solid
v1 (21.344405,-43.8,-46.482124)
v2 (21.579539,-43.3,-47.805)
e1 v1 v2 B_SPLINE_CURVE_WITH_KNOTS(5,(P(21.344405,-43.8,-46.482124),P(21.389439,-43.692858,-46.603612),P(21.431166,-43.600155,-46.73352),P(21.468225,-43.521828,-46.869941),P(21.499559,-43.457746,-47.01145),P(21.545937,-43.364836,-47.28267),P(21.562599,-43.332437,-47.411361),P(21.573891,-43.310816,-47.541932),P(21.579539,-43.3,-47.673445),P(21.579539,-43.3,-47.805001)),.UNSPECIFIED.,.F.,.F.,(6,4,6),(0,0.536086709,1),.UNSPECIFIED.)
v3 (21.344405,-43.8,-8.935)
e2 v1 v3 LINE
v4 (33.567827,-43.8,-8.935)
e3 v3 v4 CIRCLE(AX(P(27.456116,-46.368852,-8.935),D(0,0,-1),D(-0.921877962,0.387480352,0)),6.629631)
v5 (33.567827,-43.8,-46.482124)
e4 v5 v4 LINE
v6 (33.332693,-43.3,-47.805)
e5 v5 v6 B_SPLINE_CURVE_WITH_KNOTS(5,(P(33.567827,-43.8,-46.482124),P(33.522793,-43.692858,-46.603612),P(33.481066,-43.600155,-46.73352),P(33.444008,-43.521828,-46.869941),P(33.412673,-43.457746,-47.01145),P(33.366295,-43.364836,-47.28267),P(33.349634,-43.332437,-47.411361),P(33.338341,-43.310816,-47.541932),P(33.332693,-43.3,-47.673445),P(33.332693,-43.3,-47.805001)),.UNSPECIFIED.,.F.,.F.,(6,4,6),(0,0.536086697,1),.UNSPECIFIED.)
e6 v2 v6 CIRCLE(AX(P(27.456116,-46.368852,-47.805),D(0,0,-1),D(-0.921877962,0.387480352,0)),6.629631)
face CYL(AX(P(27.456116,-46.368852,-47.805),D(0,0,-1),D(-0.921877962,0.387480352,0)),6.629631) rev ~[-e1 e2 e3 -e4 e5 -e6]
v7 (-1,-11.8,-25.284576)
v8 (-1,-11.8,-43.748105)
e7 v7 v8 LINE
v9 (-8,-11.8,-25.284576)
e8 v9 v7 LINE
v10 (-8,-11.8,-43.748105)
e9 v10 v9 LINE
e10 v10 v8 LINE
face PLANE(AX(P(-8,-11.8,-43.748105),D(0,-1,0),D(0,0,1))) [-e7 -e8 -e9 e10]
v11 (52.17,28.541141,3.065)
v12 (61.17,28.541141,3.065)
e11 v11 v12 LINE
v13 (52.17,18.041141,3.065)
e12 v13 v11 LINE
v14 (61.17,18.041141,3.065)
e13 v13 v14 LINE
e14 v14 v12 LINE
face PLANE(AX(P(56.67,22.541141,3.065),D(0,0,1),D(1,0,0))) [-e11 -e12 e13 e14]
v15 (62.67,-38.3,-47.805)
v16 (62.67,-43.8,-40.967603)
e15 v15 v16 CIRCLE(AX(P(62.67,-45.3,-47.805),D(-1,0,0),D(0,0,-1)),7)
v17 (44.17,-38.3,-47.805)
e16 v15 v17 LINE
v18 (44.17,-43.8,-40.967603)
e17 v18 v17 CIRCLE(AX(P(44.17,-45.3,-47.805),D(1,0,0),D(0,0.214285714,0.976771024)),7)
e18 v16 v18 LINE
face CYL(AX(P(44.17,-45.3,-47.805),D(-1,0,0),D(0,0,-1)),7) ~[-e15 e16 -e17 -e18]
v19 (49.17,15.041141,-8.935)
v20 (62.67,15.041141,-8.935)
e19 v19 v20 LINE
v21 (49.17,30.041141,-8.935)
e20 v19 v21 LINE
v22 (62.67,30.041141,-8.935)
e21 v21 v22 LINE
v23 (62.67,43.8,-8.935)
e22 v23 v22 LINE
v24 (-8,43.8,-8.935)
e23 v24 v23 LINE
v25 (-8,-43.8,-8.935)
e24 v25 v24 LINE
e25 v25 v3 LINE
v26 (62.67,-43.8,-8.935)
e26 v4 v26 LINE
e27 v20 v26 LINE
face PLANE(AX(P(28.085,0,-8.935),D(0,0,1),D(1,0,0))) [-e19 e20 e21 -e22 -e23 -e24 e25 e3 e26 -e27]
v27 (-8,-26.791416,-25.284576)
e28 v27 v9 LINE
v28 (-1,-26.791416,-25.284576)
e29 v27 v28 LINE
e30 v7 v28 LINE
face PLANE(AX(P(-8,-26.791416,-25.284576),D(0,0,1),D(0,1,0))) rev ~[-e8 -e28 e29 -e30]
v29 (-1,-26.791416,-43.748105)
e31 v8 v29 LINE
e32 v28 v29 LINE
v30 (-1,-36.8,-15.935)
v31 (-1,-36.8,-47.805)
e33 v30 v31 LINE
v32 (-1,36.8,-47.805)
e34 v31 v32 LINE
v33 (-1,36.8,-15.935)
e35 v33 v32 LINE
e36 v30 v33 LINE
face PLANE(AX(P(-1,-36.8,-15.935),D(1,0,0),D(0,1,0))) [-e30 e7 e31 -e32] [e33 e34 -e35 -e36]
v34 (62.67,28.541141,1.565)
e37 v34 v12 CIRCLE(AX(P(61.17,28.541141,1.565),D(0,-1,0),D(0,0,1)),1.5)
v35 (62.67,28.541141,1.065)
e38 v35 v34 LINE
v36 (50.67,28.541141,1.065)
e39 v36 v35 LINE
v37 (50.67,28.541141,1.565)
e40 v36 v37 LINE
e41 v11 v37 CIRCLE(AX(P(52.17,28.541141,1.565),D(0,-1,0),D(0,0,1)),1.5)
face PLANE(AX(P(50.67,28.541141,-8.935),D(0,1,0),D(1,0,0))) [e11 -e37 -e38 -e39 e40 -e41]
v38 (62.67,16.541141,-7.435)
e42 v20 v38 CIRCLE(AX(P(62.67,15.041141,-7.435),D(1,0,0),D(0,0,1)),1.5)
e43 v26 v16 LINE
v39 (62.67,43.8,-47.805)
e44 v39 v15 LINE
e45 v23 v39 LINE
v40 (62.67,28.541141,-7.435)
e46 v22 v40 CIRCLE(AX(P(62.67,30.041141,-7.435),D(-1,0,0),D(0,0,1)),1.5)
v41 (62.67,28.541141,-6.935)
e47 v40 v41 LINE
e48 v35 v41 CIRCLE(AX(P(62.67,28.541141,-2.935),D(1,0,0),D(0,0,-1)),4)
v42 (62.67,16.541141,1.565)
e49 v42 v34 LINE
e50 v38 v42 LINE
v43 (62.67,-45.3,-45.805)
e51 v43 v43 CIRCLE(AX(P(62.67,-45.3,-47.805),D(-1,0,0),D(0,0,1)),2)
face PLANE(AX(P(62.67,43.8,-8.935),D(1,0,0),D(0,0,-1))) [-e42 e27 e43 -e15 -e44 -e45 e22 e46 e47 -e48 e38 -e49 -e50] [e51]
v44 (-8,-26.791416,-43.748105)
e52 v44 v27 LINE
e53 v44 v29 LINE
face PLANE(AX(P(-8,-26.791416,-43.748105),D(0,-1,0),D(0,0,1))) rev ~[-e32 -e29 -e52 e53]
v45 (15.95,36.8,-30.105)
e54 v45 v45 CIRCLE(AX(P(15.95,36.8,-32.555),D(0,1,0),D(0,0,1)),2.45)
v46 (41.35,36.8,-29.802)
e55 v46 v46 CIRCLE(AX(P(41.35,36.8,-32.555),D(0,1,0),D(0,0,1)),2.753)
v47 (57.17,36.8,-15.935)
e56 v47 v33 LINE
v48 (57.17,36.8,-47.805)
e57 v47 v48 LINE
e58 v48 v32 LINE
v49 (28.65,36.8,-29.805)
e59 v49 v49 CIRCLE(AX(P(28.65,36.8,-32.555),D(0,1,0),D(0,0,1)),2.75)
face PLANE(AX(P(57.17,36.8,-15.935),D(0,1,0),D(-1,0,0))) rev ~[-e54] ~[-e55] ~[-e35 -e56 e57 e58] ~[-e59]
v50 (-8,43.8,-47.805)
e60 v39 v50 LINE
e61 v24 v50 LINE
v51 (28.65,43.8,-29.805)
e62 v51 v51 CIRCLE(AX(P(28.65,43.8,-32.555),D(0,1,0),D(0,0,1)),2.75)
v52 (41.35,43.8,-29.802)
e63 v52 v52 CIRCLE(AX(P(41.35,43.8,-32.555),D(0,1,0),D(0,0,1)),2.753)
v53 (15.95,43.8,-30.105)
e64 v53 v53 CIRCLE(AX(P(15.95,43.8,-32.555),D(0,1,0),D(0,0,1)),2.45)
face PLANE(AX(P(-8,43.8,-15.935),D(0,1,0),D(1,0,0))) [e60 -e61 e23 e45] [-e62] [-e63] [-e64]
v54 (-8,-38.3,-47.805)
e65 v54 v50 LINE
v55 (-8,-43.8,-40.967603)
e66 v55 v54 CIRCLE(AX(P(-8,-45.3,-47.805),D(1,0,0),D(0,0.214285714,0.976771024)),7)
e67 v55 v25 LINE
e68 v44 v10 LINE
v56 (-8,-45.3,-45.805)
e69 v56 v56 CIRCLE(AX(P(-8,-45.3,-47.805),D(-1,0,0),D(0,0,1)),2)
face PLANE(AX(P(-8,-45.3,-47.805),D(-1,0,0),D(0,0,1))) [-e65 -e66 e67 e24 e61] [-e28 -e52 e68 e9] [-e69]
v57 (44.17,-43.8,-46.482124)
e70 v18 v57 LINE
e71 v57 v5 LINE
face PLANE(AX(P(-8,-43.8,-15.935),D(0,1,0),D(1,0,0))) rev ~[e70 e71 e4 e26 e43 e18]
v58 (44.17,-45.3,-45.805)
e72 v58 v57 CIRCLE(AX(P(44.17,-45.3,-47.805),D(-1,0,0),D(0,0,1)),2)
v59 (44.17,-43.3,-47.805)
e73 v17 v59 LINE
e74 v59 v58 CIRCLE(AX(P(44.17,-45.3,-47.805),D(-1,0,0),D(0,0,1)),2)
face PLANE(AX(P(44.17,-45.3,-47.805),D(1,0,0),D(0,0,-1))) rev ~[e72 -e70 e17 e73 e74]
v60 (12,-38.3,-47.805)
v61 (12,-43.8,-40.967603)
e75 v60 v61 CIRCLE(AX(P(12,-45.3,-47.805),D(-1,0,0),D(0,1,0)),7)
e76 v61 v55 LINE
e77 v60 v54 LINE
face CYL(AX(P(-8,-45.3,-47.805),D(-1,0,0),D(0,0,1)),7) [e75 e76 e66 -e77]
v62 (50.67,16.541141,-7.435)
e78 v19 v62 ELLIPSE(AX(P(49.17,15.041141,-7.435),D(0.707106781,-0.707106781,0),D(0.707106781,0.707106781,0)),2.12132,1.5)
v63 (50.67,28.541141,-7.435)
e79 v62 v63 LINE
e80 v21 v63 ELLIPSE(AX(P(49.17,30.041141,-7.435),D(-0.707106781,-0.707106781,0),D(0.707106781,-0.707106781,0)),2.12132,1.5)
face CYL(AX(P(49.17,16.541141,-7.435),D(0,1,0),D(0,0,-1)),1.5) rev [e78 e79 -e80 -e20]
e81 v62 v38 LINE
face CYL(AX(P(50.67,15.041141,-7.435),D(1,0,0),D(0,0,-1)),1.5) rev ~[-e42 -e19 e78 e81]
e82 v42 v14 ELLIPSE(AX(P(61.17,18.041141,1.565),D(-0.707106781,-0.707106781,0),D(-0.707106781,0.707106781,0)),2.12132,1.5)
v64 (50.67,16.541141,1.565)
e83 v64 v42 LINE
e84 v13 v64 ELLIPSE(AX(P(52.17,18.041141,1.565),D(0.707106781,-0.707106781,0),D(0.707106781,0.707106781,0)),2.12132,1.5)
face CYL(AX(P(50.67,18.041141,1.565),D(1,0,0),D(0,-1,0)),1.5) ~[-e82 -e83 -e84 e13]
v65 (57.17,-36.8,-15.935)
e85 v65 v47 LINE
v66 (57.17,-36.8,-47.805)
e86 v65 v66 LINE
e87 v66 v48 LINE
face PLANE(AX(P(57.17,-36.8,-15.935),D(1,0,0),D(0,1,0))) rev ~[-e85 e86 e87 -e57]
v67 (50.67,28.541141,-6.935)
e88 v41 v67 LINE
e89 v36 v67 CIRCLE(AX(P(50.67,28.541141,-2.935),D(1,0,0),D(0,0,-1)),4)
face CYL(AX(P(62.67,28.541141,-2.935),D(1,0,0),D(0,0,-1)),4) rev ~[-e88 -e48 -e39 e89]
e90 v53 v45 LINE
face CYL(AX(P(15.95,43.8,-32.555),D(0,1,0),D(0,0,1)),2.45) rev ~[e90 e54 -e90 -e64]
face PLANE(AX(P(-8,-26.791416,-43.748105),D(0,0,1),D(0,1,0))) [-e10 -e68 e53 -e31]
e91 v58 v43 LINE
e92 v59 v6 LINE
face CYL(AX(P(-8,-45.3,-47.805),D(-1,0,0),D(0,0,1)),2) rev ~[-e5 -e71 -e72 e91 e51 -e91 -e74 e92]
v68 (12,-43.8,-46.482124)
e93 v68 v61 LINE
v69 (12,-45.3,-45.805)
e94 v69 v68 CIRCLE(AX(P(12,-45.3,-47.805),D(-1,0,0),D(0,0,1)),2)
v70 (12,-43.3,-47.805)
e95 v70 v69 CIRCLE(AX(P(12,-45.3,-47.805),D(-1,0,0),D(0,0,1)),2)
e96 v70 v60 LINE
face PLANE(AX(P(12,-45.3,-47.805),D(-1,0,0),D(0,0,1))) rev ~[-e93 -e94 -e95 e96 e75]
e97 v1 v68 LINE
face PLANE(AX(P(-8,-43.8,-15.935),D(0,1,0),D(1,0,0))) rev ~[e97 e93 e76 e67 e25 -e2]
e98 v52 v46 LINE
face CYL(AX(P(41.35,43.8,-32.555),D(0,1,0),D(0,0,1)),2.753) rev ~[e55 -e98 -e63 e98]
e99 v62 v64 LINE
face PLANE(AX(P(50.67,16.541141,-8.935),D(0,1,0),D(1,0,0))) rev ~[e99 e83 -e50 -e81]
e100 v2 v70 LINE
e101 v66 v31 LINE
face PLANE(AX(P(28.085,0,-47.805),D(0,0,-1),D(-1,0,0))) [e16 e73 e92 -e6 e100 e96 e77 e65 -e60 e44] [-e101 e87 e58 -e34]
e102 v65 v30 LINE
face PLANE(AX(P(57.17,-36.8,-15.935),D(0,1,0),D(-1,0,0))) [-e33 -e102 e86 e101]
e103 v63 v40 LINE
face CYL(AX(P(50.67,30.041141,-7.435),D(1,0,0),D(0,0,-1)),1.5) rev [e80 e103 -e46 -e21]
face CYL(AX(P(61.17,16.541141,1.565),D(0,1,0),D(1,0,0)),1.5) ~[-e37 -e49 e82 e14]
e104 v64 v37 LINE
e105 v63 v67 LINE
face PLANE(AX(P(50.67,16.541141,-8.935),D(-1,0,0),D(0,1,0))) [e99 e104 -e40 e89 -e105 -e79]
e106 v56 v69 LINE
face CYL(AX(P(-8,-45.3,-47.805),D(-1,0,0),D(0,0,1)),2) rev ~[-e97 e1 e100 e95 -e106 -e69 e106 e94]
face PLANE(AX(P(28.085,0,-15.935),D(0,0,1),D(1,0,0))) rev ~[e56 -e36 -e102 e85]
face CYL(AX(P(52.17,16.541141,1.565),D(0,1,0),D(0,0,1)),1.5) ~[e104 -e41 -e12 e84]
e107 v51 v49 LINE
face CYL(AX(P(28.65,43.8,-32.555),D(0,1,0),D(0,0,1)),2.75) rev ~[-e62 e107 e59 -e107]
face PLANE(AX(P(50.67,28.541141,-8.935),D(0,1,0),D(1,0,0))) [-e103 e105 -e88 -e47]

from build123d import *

# Parameters (mm, degrees)
SKETCH1_W           = 31.87
SKETCH1_H           = 71.6
BOSS_EXTRUDE1_DEPTH = 56.17
SKETCH2_W           = 72.17
SKETCH2_H           = 87.6
SKETCH2_W_2         = 58.17
SKETCH2_H_2         = 73.6
BOSS_EXTRUDE4_DEPTH = 31.87
SKETCH5_W           = 72.17
SKETCH5_H           = 87.6
BOSS_EXTRUDE5_DEPTH = 7
SKETCH6_W           = 24.87
SKETCH6_H           = 71.6
CUT_EXTRUDE2_DEPTH  = 92.222513257
SKETCH7_R           = 7
BOSS_EXTRUDE6_DEPTH = 20
BOSS_EXTRUDE7_START = -20
SKETCH8_R           = 7
BOSS_EXTRUDE7_DEPTH = 20
SKETCH9_R           = 2.753
SKETCH9_R_2         = 2.75
SKETCH9_R_3         = 2.45
CUT_EXTRUDE3_DEPTH  = 20
CUT_EXTRUDE4_DEPTH  = 40
SKETCH11_W          = 18.463529731
SKETCH11_H          = 14.991415607
CUT_EXTRUDE5_DEPTH  = 10
SKETCH12_R          = 2
CUT_EXTRUDE6_DEPTH  = 105.629761182
SKETCH13_W          = 1.5
SKETCH13_H          = 49.254465911
CUT_EXTRUDE7_DEPTH  = 128.892872897
SKETCH14_W          = 12
SKETCH14_H          = 12
BOSS_EXTRUDE8_DEPTH = 12
SKETCH15_R          = 4
CUT_EXTRUDE8_DEPTH  = 12
FILLET1_R           = 1.5


with BuildPart() as part:
    # Sketch1 → Boss-Extrude1 (new body)
    with BuildSketch(Plane(origin=(0, 0, 0), x_dir=(0, 0, -1), z_dir=(1, 0, 0))):
        Rectangle(SKETCH1_W, SKETCH1_H)
    extrude(amount=BOSS_EXTRUDE1_DEPTH)



with BuildPart() as body_2:
    # Sketch2 → Boss-Extrude4 (new body)
    with BuildSketch(Plane(origin=(0, 0, -15.935), x_dir=(-1, 0, 0), z_dir=(0, 0, -1))):
        with Locations((-28.085, 0)):
            Rectangle(SKETCH2_W, SKETCH2_H)
        with Locations((-28.085, 0)):
            Rectangle(SKETCH2_W_2, SKETCH2_H_2, mode=Mode.SUBTRACT)
    extrude(amount=BOSS_EXTRUDE4_DEPTH)


with BuildPart() as part_1:
    add(part.part)

    add(body_2.part)  # Boss-Extrude5 merges body 2
    # Sketch5 → Boss-Extrude5 (add)
    with BuildSketch(Plane.XY.offset(-15.935)):
        with Locations((28.085, 0)):
            Rectangle(SKETCH5_W, SKETCH5_H)
    extrude(amount=BOSS_EXTRUDE5_DEPTH)

    # Sketch6 → Cut-Extrude2 (cut, through all)
    with BuildSketch(Plane.ZY):
        with Locations((3.5, 0)):
            Rectangle(SKETCH6_W, SKETCH6_H)
    extrude(amount=-CUT_EXTRUDE2_DEPTH, mode=Mode.SUBTRACT)

    # Sketch7 → Boss-Extrude6 (add)
    with BuildSketch(Plane.ZY.offset(8)):
        with Locations((-47.805, -45.3)):
            Circle(SKETCH7_R)
    extrude(amount=-BOSS_EXTRUDE6_DEPTH)

    # Sketch8 → Boss-Extrude7 (add)
    with BuildSketch(Plane(origin=(64.17, 0, 0), x_dir=(0, 0, -1), z_dir=(1, 0, 0)).offset(BOSS_EXTRUDE7_START)):
        with Locations((47.805, -45.3)):
            Circle(SKETCH8_R)
    extrude(amount=BOSS_EXTRUDE7_DEPTH)

    # Sketch9 → Cut-Extrude3 (cut)
    with BuildSketch(Plane(origin=(0, 43.8, 0), x_dir=(1, 0, 0), z_dir=(0, 1, 0))):
        with Locations(Location((41.35, 32.555, 0), (0, 0, 270))):
            Circle(SKETCH9_R)
        with Locations(Location((28.65, 32.555, 0), (0, 0, 270))):
            Circle(SKETCH9_R_2)
        with Locations(Location((15.95, 32.555, 0), (0, 0, 270))):
            Circle(SKETCH9_R_3)
    extrude(amount=-CUT_EXTRUDE3_DEPTH, mode=Mode.SUBTRACT)

    # Sketch10 → Cut-Extrude4 (cut)
    with BuildSketch(Plane(origin=(0, 0, -47.805), x_dir=(-1, 0, 0), z_dir=(0, 0, -1))):
        with BuildLine():
            Line((-33.567827079, -43.8), (-21.344405358, -43.8))
            ThreePointArc((-21.344405358, -43.8), (-27.456116219, -39.739220659), (-33.567827079, -43.8))
        make_face()
    extrude(amount=-CUT_EXTRUDE4_DEPTH, mode=Mode.SUBTRACT)

    # Sketch11 → Cut-Extrude5 (cut)
    with BuildSketch(Plane.ZY.offset(8)):
        with Locations((-34.516340539, -19.295707804)):
            Rectangle(SKETCH11_W, SKETCH11_H)
    extrude(amount=-CUT_EXTRUDE5_DEPTH, mode=Mode.SUBTRACT)

    # Sketch12 → Cut-Extrude6 (cut, through all)
    with BuildSketch(Plane.ZY.offset(8)):
        with Locations((-47.805, -45.3)):
            Circle(SKETCH12_R)
    extrude(amount=-CUT_EXTRUDE6_DEPTH, mode=Mode.SUBTRACT)

    # Sketch13 → Cut-Extrude7 (cut, through all)
    with BuildSketch(Plane(origin=(0, 43.8, 0), x_dir=(1, 0, 0), z_dir=(0, 1, 0))):
        with Locations((63.42, 33.562232956)):
            Rectangle(SKETCH13_W, SKETCH13_H)
    extrude(amount=-CUT_EXTRUDE7_DEPTH, mode=Mode.SUBTRACT)

    # Sketch14 → Boss-Extrude8 (add)
    with BuildSketch(Plane.XY.offset(-8.935)):
        with Locations((56.67, 22.541140532)):
            Rectangle(SKETCH14_W, SKETCH14_H)
    extrude(amount=BOSS_EXTRUDE8_DEPTH)

    # Sketch15 → Cut-Extrude8 (cut)
    with BuildSketch(Plane(origin=(62.67, 0, 0), x_dir=(0, 0, -1), z_dir=(1, 0, 0))):
        with Locations((2.935, 28.541140532)):
            Circle(SKETCH15_R)
    extrude(amount=-CUT_EXTRUDE8_DEPTH, mode=Mode.SUBTRACT)

    # Fillet1
    fillet1_edges = [part_1.edges().sort_by_distance(p)[0] for p in [
        (56.67, 28.541140532, -8.935),
        (50.67, 22.541140532, -8.935),
        (56.67, 16.541140532, -8.935),
        (62.67, 22.541140532, 3.065),
        (50.67, 22.541140532, 3.065),
        (56.67, 16.541140532, 3.065),
    ]]
    fillet(fillet1_edges, radius=FILLET1_R)


solid = part_1.part
